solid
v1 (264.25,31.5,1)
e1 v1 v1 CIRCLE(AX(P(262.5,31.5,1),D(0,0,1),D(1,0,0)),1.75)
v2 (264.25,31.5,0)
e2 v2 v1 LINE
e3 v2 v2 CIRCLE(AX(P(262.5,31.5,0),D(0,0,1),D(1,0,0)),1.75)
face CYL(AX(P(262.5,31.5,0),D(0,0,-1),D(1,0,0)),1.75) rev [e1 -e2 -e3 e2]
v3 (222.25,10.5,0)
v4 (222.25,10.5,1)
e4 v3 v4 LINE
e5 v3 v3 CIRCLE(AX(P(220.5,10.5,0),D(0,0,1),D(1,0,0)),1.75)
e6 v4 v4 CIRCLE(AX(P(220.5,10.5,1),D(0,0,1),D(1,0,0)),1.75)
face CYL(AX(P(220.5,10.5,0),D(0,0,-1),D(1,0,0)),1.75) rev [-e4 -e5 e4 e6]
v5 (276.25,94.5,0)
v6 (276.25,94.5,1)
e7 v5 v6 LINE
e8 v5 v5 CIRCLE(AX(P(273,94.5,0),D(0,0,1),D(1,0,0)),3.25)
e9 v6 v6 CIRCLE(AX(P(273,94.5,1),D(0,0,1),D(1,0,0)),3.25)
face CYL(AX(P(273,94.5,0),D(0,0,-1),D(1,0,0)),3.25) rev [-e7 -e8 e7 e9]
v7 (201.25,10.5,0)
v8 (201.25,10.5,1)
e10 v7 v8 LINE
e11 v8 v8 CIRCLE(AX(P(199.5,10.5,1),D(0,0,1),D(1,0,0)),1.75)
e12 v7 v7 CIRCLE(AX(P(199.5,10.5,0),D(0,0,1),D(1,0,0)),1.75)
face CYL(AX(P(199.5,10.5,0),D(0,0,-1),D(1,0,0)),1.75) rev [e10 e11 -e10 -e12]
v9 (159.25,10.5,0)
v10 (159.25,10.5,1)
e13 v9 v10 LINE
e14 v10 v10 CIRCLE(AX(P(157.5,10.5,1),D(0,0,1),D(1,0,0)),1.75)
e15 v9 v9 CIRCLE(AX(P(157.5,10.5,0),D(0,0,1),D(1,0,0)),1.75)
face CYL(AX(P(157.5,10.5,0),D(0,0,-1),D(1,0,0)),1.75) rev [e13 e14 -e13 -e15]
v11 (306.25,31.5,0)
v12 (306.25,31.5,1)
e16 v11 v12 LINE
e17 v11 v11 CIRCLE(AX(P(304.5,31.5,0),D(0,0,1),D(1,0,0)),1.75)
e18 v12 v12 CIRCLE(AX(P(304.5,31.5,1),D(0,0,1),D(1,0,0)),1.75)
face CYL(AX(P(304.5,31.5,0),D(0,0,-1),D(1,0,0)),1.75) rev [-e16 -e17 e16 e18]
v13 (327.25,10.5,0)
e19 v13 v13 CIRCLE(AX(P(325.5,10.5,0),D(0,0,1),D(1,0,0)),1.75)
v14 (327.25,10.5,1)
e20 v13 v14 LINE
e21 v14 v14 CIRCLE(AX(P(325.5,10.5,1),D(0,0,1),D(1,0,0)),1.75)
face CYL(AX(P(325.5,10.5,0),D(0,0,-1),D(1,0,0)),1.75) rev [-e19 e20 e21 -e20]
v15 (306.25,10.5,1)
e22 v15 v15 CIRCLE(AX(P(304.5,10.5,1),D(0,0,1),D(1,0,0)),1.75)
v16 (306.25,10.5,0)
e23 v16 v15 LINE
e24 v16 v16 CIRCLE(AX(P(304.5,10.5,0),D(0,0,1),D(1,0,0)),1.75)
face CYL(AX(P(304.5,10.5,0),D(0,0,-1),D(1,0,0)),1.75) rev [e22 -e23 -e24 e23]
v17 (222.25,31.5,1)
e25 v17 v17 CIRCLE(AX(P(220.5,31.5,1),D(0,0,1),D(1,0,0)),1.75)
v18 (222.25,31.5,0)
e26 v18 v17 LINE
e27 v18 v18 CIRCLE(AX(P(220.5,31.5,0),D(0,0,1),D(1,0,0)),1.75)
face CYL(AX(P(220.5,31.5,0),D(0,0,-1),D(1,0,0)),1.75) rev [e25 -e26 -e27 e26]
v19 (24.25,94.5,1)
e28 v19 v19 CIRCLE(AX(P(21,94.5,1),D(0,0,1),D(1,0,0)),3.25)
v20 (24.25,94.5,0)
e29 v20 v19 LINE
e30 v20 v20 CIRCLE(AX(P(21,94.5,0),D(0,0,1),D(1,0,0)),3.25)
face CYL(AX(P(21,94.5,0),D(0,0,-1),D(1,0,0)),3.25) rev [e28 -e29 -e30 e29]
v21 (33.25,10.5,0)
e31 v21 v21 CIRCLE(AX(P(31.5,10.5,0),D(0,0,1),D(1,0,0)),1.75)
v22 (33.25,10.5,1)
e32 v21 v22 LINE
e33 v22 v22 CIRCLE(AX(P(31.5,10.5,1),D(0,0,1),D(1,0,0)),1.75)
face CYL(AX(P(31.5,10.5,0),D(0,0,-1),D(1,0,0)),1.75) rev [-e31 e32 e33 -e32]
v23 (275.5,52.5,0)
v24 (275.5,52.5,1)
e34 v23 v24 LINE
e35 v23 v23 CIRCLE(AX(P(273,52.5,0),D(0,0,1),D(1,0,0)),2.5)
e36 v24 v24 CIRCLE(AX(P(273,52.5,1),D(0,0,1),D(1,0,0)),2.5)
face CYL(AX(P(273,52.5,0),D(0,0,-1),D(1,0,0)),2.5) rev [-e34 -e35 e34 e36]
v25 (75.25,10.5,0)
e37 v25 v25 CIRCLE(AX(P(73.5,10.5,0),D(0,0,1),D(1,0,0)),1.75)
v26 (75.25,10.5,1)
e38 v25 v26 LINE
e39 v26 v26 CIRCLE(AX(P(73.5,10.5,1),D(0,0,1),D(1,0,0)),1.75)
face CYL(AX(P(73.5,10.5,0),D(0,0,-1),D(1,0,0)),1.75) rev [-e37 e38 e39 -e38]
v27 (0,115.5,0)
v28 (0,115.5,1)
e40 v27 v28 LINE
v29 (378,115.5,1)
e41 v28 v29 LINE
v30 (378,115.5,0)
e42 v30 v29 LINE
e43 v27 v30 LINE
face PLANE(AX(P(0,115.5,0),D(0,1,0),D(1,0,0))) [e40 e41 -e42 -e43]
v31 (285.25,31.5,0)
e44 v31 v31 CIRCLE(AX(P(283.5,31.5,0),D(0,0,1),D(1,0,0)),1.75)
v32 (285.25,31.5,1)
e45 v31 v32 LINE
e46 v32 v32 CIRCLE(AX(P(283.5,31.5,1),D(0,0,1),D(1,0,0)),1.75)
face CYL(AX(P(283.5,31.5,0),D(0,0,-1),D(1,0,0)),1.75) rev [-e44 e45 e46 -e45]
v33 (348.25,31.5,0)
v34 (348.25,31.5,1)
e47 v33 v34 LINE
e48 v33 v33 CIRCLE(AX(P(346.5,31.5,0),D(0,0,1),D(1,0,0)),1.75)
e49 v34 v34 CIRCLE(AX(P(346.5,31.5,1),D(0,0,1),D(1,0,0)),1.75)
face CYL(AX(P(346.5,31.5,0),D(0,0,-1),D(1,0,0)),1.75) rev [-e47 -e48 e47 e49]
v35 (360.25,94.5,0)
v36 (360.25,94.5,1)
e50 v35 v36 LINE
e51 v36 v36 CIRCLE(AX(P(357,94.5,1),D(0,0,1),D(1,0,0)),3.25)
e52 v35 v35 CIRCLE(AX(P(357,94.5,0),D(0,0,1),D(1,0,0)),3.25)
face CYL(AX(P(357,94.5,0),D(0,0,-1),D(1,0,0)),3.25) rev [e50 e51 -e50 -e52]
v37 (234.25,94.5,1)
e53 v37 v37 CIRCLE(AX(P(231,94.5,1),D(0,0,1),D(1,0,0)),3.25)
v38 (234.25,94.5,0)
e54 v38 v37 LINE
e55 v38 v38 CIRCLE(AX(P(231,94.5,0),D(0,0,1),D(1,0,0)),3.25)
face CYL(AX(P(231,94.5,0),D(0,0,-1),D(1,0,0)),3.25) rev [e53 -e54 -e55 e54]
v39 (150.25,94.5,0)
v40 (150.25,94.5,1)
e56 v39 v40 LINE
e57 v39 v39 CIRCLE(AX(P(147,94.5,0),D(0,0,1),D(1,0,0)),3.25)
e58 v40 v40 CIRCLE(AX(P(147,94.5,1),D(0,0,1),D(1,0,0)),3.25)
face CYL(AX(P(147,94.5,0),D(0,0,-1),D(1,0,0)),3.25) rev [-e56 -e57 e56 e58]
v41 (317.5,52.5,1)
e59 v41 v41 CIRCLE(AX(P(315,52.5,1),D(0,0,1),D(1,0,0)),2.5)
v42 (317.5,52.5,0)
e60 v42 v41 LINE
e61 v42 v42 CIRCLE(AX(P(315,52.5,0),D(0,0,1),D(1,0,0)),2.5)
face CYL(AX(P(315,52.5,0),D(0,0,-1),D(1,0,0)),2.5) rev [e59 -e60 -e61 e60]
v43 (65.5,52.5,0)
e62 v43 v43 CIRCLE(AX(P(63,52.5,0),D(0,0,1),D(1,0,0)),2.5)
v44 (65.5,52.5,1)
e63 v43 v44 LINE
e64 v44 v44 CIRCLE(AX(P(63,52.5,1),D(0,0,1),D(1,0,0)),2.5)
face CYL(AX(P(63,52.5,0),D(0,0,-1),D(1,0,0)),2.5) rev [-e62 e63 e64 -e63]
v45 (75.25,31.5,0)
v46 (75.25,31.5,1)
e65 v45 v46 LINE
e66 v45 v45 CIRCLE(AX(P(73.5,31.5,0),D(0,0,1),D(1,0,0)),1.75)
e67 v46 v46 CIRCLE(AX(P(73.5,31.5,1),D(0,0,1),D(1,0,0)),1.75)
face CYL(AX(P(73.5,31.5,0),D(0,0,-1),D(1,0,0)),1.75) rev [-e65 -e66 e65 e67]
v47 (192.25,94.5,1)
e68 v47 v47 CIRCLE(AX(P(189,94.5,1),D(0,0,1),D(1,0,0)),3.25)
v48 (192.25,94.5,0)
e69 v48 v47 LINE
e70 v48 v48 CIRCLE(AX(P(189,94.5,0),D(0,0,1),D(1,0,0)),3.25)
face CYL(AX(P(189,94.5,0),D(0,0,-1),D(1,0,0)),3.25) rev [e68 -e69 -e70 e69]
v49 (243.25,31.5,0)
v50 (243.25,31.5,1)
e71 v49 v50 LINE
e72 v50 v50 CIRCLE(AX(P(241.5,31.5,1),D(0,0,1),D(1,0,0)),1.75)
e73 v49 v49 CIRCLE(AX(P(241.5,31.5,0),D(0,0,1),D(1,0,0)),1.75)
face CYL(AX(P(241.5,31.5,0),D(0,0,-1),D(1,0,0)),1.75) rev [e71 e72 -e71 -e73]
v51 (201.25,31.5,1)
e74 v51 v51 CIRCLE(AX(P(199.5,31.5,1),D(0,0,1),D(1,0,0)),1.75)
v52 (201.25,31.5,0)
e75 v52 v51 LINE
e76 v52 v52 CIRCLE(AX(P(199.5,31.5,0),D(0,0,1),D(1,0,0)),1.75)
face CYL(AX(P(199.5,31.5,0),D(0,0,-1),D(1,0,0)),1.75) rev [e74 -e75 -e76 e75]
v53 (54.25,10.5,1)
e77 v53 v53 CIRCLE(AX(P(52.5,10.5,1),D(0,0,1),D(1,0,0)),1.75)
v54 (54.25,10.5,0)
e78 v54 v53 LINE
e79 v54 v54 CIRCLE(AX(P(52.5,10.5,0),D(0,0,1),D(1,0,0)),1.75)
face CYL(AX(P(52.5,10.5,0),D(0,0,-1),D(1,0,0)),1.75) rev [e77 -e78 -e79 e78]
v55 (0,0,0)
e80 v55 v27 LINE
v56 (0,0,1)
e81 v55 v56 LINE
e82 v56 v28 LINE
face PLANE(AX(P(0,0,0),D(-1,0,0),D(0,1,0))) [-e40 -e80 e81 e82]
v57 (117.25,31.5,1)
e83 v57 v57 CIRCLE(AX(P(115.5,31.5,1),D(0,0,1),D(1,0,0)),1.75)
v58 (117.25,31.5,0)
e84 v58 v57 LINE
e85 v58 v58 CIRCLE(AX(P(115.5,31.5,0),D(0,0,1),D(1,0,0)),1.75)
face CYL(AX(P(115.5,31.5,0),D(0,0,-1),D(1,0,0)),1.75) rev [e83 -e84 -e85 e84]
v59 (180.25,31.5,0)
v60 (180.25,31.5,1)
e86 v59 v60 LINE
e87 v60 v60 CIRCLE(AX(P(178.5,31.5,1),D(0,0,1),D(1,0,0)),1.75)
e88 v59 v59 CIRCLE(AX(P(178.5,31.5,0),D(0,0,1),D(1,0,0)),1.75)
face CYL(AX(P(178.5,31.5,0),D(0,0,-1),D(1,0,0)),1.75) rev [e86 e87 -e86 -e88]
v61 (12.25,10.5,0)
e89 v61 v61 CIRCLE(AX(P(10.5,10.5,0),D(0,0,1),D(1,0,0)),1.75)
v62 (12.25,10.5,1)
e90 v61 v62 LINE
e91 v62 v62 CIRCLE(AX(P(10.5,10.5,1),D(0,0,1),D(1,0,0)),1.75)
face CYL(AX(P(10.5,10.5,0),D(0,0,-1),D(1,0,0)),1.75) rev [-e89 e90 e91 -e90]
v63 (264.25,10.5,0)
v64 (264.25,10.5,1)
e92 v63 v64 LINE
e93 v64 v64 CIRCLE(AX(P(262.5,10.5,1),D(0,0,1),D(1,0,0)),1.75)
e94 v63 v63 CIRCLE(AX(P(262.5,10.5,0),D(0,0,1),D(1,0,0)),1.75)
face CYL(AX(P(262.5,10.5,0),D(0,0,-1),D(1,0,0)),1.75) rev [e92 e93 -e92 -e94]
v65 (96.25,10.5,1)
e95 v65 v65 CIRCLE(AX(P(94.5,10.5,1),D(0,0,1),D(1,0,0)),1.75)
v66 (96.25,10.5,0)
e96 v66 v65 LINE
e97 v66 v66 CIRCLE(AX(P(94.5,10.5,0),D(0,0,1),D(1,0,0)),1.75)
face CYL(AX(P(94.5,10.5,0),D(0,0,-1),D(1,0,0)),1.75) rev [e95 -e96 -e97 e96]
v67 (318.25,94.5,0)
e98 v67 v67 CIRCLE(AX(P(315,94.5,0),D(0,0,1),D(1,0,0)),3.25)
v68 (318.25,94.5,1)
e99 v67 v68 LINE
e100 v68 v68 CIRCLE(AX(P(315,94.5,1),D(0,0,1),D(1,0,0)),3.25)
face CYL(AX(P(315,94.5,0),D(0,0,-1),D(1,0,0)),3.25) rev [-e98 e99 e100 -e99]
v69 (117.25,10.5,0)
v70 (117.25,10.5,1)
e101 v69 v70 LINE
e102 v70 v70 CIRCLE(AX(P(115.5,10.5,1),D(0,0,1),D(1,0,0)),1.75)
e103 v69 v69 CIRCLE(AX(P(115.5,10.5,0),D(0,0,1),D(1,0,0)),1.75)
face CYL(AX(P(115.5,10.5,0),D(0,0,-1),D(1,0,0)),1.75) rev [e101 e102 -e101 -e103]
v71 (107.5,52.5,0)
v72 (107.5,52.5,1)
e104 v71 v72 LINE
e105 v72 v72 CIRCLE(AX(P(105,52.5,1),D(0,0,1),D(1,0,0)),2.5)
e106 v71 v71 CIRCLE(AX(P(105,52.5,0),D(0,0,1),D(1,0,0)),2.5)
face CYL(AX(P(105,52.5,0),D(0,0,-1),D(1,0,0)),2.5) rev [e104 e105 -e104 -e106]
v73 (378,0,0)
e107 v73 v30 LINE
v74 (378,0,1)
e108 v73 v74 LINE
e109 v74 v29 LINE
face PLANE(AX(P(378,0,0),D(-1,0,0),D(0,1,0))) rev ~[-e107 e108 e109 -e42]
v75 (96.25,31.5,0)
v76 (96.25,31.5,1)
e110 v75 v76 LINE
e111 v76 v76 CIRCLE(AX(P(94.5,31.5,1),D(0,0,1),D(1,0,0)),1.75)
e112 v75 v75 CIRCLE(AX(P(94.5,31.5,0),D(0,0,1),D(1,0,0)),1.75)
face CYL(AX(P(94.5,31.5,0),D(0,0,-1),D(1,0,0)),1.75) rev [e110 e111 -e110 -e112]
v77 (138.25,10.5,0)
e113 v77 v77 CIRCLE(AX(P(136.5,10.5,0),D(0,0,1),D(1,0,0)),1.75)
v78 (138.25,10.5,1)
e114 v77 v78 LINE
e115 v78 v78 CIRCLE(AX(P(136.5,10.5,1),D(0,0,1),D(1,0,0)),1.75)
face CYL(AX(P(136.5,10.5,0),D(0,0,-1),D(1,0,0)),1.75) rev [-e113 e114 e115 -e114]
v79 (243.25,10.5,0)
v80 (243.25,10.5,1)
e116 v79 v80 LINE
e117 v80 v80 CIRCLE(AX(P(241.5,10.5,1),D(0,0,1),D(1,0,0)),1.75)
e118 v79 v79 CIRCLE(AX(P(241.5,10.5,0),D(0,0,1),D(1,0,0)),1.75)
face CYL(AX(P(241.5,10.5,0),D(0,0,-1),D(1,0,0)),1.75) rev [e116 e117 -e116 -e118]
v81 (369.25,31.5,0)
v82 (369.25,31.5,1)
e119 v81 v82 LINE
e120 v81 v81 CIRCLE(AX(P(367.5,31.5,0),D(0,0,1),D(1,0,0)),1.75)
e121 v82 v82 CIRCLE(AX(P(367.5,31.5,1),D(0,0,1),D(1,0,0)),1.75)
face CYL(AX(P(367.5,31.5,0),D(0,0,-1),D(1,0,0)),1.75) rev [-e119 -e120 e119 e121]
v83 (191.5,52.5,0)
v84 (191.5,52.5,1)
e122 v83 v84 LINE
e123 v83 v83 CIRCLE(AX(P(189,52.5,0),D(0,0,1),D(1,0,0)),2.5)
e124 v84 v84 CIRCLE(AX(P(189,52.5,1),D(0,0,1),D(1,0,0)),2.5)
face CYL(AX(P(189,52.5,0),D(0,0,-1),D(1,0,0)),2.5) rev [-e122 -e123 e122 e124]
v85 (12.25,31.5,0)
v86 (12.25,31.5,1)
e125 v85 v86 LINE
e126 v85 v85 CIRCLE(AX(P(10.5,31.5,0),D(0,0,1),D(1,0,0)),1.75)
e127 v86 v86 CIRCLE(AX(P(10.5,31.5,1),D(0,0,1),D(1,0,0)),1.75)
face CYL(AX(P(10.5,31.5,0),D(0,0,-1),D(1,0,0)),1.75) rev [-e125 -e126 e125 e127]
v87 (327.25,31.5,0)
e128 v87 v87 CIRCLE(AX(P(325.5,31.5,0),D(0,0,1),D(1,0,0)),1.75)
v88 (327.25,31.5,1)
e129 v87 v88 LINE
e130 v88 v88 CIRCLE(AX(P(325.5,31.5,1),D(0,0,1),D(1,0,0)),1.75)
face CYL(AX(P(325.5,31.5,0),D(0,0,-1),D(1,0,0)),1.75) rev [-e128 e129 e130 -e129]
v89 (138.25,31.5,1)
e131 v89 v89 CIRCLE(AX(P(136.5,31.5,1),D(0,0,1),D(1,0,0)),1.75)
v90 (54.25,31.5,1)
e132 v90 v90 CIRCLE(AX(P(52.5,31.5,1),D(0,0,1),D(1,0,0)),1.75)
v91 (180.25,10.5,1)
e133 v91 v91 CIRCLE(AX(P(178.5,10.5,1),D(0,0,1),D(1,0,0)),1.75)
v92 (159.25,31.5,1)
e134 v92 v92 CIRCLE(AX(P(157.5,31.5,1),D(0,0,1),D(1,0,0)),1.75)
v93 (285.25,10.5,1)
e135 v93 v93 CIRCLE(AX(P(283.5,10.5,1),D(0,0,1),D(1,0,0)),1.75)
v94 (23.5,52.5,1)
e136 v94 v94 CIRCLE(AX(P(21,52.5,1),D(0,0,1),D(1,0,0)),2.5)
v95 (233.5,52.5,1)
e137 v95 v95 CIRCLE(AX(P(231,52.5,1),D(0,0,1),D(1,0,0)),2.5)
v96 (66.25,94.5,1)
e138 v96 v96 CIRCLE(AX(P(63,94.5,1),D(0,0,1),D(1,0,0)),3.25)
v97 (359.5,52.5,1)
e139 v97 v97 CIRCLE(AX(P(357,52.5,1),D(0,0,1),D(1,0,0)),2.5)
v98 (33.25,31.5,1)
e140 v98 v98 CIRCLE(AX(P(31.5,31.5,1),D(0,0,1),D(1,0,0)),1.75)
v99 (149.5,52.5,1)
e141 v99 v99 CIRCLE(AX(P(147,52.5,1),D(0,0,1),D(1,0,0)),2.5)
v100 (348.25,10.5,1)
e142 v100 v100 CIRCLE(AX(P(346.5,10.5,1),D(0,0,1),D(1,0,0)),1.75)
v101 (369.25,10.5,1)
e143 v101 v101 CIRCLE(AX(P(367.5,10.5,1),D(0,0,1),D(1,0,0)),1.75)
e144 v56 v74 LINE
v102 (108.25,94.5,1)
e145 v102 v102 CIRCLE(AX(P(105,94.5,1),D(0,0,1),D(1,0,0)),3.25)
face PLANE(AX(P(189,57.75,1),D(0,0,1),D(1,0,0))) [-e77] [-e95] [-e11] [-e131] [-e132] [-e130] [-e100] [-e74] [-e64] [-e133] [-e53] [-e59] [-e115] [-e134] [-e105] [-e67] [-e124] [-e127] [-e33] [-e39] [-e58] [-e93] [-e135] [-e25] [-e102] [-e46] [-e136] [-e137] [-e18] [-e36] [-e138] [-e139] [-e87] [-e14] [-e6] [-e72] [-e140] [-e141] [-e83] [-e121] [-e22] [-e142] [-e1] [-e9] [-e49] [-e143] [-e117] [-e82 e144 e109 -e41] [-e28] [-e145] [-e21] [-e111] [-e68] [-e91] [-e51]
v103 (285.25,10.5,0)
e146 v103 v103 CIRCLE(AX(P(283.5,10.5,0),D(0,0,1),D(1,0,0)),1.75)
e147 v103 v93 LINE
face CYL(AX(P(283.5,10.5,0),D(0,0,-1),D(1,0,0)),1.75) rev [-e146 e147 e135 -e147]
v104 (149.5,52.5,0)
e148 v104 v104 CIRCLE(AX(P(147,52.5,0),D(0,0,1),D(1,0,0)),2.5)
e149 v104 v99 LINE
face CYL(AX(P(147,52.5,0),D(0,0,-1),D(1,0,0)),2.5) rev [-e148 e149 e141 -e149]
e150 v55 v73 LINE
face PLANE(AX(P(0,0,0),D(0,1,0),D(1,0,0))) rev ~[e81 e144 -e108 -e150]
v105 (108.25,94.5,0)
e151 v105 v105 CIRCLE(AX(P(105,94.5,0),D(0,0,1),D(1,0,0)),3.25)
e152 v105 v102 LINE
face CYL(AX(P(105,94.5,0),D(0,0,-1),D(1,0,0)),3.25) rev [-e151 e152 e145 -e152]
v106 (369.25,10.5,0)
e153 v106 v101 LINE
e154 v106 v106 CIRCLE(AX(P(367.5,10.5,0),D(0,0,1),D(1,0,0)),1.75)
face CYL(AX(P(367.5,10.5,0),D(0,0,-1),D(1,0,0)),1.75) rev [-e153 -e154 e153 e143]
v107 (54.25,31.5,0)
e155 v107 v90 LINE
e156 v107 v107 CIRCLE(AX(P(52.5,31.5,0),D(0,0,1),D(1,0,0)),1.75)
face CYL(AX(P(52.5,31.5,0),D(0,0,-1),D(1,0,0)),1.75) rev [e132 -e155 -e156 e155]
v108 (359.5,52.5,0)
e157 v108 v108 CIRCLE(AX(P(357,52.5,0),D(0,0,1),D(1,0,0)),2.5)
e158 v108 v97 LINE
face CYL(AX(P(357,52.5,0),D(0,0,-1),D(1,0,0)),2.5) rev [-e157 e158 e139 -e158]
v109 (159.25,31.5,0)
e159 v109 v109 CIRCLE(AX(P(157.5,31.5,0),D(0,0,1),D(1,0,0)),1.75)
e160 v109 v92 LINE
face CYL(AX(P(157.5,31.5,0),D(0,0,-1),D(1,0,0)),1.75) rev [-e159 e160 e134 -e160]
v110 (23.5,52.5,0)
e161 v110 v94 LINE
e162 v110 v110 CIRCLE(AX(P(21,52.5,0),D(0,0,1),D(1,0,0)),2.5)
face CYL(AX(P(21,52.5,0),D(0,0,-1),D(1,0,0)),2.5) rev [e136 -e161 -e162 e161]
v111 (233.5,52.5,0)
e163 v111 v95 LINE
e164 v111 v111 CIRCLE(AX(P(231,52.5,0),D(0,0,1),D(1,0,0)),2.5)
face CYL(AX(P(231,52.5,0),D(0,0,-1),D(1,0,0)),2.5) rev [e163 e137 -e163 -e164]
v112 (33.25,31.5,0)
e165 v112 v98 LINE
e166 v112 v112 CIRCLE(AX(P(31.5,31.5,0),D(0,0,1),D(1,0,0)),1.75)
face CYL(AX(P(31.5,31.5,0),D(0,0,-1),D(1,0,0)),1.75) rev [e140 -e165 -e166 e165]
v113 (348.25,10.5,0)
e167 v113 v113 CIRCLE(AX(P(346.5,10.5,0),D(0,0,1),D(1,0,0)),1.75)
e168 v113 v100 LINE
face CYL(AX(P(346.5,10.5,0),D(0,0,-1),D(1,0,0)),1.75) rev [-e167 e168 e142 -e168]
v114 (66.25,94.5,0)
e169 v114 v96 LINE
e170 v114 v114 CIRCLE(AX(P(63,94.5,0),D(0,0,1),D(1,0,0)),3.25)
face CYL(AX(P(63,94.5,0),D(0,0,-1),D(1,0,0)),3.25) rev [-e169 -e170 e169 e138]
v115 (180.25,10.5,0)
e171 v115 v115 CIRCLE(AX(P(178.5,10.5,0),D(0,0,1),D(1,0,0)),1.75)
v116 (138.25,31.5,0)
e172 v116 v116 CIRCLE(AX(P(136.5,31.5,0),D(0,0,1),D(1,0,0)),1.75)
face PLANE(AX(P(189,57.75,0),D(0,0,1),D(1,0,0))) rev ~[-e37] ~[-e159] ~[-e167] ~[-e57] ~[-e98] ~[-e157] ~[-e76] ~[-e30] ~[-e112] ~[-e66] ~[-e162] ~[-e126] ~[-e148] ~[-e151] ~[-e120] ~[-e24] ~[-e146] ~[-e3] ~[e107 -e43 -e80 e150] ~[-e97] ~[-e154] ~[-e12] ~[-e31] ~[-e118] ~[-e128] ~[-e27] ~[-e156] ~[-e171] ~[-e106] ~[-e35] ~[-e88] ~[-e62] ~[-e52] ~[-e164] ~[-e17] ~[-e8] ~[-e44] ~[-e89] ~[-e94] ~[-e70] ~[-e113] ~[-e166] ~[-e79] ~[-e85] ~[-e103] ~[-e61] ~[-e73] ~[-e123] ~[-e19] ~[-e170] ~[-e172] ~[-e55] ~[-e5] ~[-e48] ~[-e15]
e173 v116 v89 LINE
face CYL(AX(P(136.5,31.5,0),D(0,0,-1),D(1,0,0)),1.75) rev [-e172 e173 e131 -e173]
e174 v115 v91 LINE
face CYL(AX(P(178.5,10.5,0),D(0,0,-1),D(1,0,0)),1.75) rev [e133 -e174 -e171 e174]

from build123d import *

# Parameters (mm, degrees)
F0_W     = 378
F0_H     = 115.5
F0_R     = 1.75
F0_R_2   = 2.5
F0_R_3   = 3.25
F1_DEPTH = 1


with BuildPart() as f1:
    # F0 (on Top) → F1 (new body)
    with BuildSketch(Plane.XY):
        with Locations((189, 57.75)):
            Rectangle(F0_W, F0_H)
        with Locations((10.5, 10.5)):
            Circle(F0_R, mode=Mode.SUBTRACT)
        with Locations((31.5, 10.5)):
            Circle(F0_R, mode=Mode.SUBTRACT)
        with Locations((52.5, 10.5)):
            Circle(F0_R, mode=Mode.SUBTRACT)
        with Locations((73.5, 10.5)):
            Circle(F0_R, mode=Mode.SUBTRACT)
        with Locations((94.5, 10.5)):
            Circle(F0_R, mode=Mode.SUBTRACT)
        with Locations((115.5, 10.5)):
            Circle(F0_R, mode=Mode.SUBTRACT)
        with Locations((136.5, 10.5)):
            Circle(F0_R, mode=Mode.SUBTRACT)
        with Locations((157.5, 10.5)):
            Circle(F0_R, mode=Mode.SUBTRACT)
        with Locations((178.5, 10.5)):
            Circle(F0_R, mode=Mode.SUBTRACT)
        with Locations((10.5, 31.5)):
            Circle(F0_R, mode=Mode.SUBTRACT)
        with Locations((31.5, 31.5)):
            Circle(F0_R, mode=Mode.SUBTRACT)
        with Locations((52.5, 31.5)):
            Circle(F0_R, mode=Mode.SUBTRACT)
        with Locations((73.5, 31.5)):
            Circle(F0_R, mode=Mode.SUBTRACT)
        with Locations((21, 52.5)):
            Circle(F0_R_2, mode=Mode.SUBTRACT)
        with Locations((63, 52.5)):
            Circle(F0_R_2, mode=Mode.SUBTRACT)
        with Locations((94.5, 31.5)):
            Circle(F0_R, mode=Mode.SUBTRACT)
        with Locations((115.5, 31.5)):
            Circle(F0_R, mode=Mode.SUBTRACT)
        with Locations((136.5, 31.5)):
            Circle(F0_R, mode=Mode.SUBTRACT)
        with Locations((157.5, 31.5)):
            Circle(F0_R, mode=Mode.SUBTRACT)
        with Locations((178.5, 31.5)):
            Circle(F0_R, mode=Mode.SUBTRACT)
        with Locations((105, 52.5)):
            Circle(F0_R_2, mode=Mode.SUBTRACT)
        with Locations((147, 52.5)):
            Circle(F0_R_2, mode=Mode.SUBTRACT)
        with Locations((199.5, 10.5)):
            Circle(F0_R, mode=Mode.SUBTRACT)
        with Locations((220.5, 10.5)):
            Circle(F0_R, mode=Mode.SUBTRACT)
        with Locations((241.5, 10.5)):
            Circle(F0_R, mode=Mode.SUBTRACT)
        with Locations((262.5, 10.5)):
            Circle(F0_R, mode=Mode.SUBTRACT)
        with Locations((283.5, 10.5)):
            Circle(F0_R, mode=Mode.SUBTRACT)
        with Locations((304.5, 10.5)):
            Circle(F0_R, mode=Mode.SUBTRACT)
        with Locations((325.5, 10.5)):
            Circle(F0_R, mode=Mode.SUBTRACT)
        with Locations((346.5, 10.5)):
            Circle(F0_R, mode=Mode.SUBTRACT)
        with Locations((367.5, 10.5)):
            Circle(F0_R, mode=Mode.SUBTRACT)
        with Locations((199.5, 31.5)):
            Circle(F0_R, mode=Mode.SUBTRACT)
        with Locations((220.5, 31.5)):
            Circle(F0_R, mode=Mode.SUBTRACT)
        with Locations((241.5, 31.5)):
            Circle(F0_R, mode=Mode.SUBTRACT)
        with Locations((262.5, 31.5)):
            Circle(F0_R, mode=Mode.SUBTRACT)
        with Locations((189, 52.5)):
            Circle(F0_R_2, mode=Mode.SUBTRACT)
        with Locations((231, 52.5)):
            Circle(F0_R_2, mode=Mode.SUBTRACT)
        with Locations((273, 52.5)):
            Circle(F0_R_2, mode=Mode.SUBTRACT)
        with Locations((283.5, 31.5)):
            Circle(F0_R, mode=Mode.SUBTRACT)
        with Locations((304.5, 31.5)):
            Circle(F0_R, mode=Mode.SUBTRACT)
        with Locations((325.5, 31.5)):
            Circle(F0_R, mode=Mode.SUBTRACT)
        with Locations((346.5, 31.5)):
            Circle(F0_R, mode=Mode.SUBTRACT)
        with Locations((367.5, 31.5)):
            Circle(F0_R, mode=Mode.SUBTRACT)
        with Locations((315, 52.5)):
            Circle(F0_R_2, mode=Mode.SUBTRACT)
        with Locations((357, 52.5)):
            Circle(F0_R_2, mode=Mode.SUBTRACT)
        with Locations((21, 94.5)):
            Circle(F0_R_3, mode=Mode.SUBTRACT)
        with Locations((63, 94.5)):
            Circle(F0_R_3, mode=Mode.SUBTRACT)
        with Locations((105, 94.5)):
            Circle(F0_R_3, mode=Mode.SUBTRACT)
        with Locations((147, 94.5)):
            Circle(F0_R_3, mode=Mode.SUBTRACT)
        with Locations((189, 94.5)):
            Circle(F0_R_3, mode=Mode.SUBTRACT)
        with Locations((231, 94.5)):
            Circle(F0_R_3, mode=Mode.SUBTRACT)
        with Locations((273, 94.5)):
            Circle(F0_R_3, mode=Mode.SUBTRACT)
        with Locations((315, 94.5)):
            Circle(F0_R_3, mode=Mode.SUBTRACT)
        with Locations((357, 94.5)):
            Circle(F0_R_3, mode=Mode.SUBTRACT)
    extrude(amount=F1_DEPTH)


solid = f1.part
